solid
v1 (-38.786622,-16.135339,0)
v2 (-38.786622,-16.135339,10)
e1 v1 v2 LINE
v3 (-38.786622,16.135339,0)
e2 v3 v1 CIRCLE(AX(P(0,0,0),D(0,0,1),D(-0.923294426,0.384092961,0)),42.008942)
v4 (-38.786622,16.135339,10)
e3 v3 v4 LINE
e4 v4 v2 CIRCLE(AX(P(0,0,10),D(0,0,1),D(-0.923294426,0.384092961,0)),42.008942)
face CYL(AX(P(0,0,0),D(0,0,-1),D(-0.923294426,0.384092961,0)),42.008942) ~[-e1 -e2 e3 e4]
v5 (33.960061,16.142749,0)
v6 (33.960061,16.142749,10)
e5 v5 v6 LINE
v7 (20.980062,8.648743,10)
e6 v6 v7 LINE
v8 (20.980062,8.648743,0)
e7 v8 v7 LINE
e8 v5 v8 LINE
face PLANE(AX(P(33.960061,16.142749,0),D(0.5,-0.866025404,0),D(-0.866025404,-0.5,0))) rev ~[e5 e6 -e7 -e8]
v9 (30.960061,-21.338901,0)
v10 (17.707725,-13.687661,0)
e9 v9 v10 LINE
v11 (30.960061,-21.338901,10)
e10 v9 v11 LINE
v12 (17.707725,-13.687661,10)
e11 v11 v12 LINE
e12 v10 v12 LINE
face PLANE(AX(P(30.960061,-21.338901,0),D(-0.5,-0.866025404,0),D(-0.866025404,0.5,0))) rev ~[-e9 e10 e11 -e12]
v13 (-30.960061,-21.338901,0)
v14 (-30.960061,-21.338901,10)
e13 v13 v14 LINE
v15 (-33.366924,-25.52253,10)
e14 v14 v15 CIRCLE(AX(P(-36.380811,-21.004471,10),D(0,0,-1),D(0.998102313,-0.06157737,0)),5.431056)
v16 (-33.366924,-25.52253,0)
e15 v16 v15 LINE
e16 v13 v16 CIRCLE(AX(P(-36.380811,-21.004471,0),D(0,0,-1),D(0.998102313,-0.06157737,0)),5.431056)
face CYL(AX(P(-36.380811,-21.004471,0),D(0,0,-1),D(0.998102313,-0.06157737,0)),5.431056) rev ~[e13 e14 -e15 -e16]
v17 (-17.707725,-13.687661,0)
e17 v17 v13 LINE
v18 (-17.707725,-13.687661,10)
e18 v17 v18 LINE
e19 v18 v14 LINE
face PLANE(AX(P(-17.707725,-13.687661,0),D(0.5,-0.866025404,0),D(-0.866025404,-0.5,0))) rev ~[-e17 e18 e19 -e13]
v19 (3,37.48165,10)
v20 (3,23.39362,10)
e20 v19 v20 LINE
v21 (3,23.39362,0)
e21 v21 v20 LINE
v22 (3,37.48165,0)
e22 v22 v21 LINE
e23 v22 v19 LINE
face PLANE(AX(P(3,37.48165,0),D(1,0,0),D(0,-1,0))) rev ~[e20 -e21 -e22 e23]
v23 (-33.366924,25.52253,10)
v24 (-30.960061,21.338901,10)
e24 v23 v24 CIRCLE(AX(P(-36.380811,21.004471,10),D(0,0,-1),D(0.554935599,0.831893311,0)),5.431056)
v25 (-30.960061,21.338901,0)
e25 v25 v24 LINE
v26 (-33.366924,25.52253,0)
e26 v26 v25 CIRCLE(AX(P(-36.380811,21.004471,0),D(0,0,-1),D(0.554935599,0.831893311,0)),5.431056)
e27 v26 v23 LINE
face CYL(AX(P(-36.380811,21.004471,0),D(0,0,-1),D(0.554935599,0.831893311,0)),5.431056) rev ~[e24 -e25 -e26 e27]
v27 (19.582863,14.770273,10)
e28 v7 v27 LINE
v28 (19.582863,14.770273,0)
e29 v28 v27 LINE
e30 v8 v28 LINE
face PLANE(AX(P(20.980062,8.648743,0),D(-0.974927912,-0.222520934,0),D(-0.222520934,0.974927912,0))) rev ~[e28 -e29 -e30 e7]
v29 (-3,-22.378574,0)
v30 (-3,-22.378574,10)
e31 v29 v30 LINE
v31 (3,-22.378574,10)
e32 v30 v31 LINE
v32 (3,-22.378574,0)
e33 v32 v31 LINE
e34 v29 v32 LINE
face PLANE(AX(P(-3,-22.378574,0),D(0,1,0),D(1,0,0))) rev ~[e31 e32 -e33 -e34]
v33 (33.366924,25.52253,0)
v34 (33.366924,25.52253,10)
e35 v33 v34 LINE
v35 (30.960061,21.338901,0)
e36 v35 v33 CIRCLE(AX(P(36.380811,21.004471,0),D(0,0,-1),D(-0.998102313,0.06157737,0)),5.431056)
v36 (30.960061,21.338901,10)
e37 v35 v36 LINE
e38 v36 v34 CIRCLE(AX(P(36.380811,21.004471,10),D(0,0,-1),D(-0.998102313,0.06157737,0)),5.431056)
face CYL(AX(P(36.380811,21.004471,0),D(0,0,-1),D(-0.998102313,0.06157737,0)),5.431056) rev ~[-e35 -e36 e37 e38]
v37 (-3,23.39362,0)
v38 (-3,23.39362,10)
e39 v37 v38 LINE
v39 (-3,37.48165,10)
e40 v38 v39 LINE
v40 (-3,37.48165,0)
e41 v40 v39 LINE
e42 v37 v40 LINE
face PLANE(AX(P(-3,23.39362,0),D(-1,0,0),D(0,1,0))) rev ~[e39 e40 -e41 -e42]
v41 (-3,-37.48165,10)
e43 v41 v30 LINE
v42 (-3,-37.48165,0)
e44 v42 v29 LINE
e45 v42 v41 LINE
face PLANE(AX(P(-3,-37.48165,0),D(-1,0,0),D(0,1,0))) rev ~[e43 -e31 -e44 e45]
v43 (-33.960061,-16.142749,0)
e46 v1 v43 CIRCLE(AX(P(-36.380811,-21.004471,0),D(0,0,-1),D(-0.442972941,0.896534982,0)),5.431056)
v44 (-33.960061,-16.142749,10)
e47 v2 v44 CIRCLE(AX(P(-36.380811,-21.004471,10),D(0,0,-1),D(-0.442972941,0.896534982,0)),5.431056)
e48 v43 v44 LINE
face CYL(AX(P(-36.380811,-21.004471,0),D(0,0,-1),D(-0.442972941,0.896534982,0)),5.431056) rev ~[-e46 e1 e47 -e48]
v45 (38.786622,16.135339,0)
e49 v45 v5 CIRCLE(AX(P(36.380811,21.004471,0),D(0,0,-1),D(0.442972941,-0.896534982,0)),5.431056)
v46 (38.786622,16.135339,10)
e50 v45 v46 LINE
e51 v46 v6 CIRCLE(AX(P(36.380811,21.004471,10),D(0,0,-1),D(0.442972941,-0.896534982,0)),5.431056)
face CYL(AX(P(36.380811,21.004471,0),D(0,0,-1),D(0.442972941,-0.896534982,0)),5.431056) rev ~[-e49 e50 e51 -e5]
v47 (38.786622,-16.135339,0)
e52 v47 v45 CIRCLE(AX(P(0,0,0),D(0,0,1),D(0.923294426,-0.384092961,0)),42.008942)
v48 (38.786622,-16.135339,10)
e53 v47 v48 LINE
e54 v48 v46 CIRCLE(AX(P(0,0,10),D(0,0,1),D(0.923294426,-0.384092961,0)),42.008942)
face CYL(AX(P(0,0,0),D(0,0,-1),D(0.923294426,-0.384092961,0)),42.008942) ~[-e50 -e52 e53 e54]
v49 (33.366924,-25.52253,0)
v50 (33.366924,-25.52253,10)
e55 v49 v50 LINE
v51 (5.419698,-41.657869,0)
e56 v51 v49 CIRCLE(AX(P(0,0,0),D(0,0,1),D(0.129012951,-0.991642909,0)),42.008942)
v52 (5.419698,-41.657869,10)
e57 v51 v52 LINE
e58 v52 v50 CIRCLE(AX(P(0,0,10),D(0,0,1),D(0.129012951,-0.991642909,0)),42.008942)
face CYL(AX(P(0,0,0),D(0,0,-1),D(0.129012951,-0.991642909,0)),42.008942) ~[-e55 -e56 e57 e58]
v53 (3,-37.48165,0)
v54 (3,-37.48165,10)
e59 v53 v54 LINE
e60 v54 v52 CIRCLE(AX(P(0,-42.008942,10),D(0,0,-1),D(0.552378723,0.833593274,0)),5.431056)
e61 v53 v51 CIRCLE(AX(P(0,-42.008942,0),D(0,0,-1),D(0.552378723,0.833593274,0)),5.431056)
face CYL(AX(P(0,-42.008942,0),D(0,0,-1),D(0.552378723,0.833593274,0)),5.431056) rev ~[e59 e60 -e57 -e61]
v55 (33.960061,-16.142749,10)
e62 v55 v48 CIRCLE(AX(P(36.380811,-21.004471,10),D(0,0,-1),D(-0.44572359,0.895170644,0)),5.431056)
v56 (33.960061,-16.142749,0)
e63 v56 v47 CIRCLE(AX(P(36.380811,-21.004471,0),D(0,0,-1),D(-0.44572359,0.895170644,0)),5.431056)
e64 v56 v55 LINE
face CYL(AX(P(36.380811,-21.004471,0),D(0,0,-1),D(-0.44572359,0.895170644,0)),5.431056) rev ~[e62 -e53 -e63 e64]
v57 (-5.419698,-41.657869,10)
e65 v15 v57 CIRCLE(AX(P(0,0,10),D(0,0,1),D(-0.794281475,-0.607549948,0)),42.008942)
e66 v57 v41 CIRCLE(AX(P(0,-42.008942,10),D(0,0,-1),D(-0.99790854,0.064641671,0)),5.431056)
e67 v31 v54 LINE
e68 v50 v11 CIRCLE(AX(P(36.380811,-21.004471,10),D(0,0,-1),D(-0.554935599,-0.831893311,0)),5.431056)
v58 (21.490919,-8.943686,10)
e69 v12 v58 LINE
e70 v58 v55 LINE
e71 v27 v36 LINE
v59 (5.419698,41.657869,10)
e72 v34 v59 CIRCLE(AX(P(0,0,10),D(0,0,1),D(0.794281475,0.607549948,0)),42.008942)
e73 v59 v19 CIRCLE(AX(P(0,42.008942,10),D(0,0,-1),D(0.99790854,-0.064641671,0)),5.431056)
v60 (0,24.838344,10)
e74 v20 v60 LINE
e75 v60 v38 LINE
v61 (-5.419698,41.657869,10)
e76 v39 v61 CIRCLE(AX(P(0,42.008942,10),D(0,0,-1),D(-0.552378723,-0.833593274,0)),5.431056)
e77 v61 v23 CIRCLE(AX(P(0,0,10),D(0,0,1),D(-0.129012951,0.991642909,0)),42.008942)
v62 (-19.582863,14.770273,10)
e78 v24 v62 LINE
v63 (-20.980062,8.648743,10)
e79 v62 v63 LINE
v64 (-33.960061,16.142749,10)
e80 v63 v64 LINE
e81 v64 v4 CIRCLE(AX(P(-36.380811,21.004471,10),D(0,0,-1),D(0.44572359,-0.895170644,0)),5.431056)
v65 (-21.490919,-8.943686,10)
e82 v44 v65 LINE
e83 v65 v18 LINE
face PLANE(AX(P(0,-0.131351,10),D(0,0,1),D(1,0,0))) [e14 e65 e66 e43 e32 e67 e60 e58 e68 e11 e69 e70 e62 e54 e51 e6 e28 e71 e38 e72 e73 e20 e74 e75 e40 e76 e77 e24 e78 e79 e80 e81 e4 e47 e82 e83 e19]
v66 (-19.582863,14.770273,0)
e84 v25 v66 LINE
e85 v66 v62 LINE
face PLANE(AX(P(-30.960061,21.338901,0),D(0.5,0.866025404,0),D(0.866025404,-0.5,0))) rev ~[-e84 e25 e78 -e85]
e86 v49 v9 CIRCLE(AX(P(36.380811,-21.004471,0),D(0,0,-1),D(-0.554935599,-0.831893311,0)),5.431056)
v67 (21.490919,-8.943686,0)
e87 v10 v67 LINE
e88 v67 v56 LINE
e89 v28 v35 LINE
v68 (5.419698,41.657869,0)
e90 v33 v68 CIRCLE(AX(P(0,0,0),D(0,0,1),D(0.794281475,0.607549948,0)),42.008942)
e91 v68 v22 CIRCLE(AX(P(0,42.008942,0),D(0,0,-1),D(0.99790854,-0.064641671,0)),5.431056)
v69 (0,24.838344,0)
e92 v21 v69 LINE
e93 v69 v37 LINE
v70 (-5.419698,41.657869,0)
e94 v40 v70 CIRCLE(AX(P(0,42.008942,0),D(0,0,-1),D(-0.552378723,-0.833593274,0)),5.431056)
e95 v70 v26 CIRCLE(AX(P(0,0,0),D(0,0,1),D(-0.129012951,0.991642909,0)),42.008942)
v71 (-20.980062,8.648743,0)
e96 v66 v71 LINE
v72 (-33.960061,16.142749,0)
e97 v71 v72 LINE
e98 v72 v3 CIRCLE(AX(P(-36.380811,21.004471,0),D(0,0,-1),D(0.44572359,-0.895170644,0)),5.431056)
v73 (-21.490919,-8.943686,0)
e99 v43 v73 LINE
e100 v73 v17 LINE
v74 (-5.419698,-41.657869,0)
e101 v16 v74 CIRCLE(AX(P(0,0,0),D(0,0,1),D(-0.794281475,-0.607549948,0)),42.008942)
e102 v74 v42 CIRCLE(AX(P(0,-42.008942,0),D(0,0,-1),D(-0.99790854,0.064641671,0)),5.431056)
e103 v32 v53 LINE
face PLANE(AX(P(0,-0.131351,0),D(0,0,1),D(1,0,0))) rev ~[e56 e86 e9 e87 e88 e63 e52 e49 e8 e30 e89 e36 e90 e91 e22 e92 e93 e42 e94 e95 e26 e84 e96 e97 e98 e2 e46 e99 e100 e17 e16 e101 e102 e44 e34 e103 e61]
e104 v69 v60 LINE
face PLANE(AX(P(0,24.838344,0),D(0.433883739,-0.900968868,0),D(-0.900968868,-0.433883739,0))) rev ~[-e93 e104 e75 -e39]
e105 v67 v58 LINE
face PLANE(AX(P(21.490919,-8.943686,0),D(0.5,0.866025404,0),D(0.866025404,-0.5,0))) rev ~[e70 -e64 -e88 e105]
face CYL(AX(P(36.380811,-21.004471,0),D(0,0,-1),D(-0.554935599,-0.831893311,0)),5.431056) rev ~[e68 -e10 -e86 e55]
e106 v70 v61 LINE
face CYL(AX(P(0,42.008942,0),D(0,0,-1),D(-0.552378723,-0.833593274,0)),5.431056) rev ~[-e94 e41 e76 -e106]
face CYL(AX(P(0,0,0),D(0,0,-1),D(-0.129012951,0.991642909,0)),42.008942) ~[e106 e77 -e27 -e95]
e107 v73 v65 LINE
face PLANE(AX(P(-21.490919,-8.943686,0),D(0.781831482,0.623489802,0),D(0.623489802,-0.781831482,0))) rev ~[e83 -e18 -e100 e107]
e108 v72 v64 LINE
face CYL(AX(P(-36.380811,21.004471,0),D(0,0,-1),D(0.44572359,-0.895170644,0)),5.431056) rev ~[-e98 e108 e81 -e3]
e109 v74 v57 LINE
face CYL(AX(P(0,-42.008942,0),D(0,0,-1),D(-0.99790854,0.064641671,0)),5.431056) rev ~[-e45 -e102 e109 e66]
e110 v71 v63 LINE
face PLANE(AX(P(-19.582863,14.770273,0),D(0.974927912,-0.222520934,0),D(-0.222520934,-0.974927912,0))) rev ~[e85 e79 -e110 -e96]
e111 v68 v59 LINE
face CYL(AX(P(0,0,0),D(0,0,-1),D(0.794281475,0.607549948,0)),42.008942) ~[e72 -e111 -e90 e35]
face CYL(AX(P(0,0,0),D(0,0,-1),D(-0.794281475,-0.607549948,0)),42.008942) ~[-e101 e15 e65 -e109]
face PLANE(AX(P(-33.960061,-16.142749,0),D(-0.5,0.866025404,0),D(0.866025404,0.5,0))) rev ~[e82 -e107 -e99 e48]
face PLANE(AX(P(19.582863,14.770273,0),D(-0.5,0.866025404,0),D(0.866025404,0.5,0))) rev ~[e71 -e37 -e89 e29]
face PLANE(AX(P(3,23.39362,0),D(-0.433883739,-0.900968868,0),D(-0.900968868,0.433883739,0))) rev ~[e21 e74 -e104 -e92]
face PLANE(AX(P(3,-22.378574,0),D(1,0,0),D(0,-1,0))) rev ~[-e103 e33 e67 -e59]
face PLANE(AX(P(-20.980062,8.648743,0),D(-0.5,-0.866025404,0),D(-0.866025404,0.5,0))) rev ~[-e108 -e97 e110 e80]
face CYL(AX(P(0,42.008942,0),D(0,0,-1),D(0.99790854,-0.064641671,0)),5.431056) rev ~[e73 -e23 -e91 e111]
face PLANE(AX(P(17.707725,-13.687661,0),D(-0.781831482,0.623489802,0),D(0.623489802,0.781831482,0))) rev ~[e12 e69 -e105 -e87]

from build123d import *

# Parameters (mm, degrees)
BOSS_EXTRUDE3_DEPTH = 10


with BuildPart() as part:
    # Sketch1 → Boss-Extrude3 (new body)
    with BuildSketch(Plane.XY):
        with BuildLine():
            Line((19.582862725, 14.770272681), (30.960060849, 21.33890108))
            ThreePointArc((30.960060849, 21.33890108), (31.673214627, 23.712775149), (33.366924266, 25.522530399))
            ThreePointArc((33.366924266, 25.522530399), (21.00447091, 36.380810803), (5.419697562, 41.65786926))
            ThreePointArc((5.419697562, 41.65786926), (4.69925836, 39.286196061), (3, 37.481649738))
            Line((3, 37.481649738), (3, 23.393619776))
            Line((3, 23.393619776), (0, 24.838343632))
            Line((0, 24.838343632), (-3, 23.393619776))
            Line((-3, 23.393619776), (-3, 37.481649738))
            ThreePointArc((-3, 37.481649738), (-4.69925836, 39.286196061), (-5.419697562, 41.65786926))
            ThreePointArc((-5.419697562, 41.65786926), (-21.00447091, 36.380810803), (-33.366924266, 25.522530399))
            ThreePointArc((-33.366924266, 25.522530399), (-31.673214627, 23.712775149), (-30.960060849, 21.33890108))
            Line((-30.960060849, 21.33890108), (-19.582862725, 14.770272681))
            Line((-19.582862725, 14.770272681), (-20.980061971, 8.648742811))
            Line((-20.980061971, 8.648742811), (-33.960060849, 16.142748658))
            ThreePointArc((-33.960060849, 16.142748658), (-36.372472987, 15.573420912), (-38.786621827, 16.135338861))
            ThreePointArc((-38.786621827, 16.135338861), (-42.008941821, 0), (-38.786621827, -16.135338861))
            ThreePointArc((-38.786621827, -16.135338861), (-36.372472987, -15.573420912), (-33.960060849, -16.142748658))
            Line((-33.960060849, -16.142748658), (-21.490919097, -8.943686311))
            Line((-21.490919097, -8.943686311), (-17.707725135, -13.687661489))
            Line((-17.707725135, -13.687661489), (-30.960060849, -21.33890108))
            ThreePointArc((-30.960060849, -21.33890108), (-31.673214627, -23.712775149), (-33.366924266, -25.522530399))
            ThreePointArc((-33.366924266, -25.522530399), (-21.00447091, -36.380810803), (-5.419697562, -41.65786926))
            ThreePointArc((-5.419697562, -41.65786926), (-4.69925836, -39.286196061), (-3, -37.481649738))
            Line((-3, -37.481649738), (-3, -22.378574343))
            Line((-3, -22.378574343), (3, -22.378574343))
            Line((3, -22.378574343), (3, -37.481649738))
            ThreePointArc((3, -37.481649738), (4.69925836, -39.286196061), (5.419697562, -41.65786926))
            ThreePointArc((5.419697562, -41.65786926), (21.00447091, -36.380810803), (33.366924266, -25.522530399))
            ThreePointArc((33.366924266, -25.522530399), (31.673214627, -23.712775149), (30.960060849, -21.33890108))
            Line((30.960060849, -21.33890108), (17.707725135, -13.687661489))
            Line((17.707725135, -13.687661489), (21.490919097, -8.943686311))
            Line((21.490919097, -8.943686311), (33.960060849, -16.142748658))
            ThreePointArc((33.960060849, -16.142748658), (36.372472987, -15.573420912), (38.786621827, -16.135338861))
            ThreePointArc((38.786621827, -16.135338861), (42.008941821, 0), (38.786621827, 16.135338861))
            ThreePointArc((38.786621827, 16.135338861), (36.372472987, 15.573420912), (33.960060849, 16.142748658))
            Line((33.960060849, 16.142748658), (20.980061971, 8.648742811))
            Line((20.980061971, 8.648742811), (19.582862725, 14.770272681))
        make_face()
    extrude(amount=BOSS_EXTRUDE3_DEPTH)


solid = part.part
